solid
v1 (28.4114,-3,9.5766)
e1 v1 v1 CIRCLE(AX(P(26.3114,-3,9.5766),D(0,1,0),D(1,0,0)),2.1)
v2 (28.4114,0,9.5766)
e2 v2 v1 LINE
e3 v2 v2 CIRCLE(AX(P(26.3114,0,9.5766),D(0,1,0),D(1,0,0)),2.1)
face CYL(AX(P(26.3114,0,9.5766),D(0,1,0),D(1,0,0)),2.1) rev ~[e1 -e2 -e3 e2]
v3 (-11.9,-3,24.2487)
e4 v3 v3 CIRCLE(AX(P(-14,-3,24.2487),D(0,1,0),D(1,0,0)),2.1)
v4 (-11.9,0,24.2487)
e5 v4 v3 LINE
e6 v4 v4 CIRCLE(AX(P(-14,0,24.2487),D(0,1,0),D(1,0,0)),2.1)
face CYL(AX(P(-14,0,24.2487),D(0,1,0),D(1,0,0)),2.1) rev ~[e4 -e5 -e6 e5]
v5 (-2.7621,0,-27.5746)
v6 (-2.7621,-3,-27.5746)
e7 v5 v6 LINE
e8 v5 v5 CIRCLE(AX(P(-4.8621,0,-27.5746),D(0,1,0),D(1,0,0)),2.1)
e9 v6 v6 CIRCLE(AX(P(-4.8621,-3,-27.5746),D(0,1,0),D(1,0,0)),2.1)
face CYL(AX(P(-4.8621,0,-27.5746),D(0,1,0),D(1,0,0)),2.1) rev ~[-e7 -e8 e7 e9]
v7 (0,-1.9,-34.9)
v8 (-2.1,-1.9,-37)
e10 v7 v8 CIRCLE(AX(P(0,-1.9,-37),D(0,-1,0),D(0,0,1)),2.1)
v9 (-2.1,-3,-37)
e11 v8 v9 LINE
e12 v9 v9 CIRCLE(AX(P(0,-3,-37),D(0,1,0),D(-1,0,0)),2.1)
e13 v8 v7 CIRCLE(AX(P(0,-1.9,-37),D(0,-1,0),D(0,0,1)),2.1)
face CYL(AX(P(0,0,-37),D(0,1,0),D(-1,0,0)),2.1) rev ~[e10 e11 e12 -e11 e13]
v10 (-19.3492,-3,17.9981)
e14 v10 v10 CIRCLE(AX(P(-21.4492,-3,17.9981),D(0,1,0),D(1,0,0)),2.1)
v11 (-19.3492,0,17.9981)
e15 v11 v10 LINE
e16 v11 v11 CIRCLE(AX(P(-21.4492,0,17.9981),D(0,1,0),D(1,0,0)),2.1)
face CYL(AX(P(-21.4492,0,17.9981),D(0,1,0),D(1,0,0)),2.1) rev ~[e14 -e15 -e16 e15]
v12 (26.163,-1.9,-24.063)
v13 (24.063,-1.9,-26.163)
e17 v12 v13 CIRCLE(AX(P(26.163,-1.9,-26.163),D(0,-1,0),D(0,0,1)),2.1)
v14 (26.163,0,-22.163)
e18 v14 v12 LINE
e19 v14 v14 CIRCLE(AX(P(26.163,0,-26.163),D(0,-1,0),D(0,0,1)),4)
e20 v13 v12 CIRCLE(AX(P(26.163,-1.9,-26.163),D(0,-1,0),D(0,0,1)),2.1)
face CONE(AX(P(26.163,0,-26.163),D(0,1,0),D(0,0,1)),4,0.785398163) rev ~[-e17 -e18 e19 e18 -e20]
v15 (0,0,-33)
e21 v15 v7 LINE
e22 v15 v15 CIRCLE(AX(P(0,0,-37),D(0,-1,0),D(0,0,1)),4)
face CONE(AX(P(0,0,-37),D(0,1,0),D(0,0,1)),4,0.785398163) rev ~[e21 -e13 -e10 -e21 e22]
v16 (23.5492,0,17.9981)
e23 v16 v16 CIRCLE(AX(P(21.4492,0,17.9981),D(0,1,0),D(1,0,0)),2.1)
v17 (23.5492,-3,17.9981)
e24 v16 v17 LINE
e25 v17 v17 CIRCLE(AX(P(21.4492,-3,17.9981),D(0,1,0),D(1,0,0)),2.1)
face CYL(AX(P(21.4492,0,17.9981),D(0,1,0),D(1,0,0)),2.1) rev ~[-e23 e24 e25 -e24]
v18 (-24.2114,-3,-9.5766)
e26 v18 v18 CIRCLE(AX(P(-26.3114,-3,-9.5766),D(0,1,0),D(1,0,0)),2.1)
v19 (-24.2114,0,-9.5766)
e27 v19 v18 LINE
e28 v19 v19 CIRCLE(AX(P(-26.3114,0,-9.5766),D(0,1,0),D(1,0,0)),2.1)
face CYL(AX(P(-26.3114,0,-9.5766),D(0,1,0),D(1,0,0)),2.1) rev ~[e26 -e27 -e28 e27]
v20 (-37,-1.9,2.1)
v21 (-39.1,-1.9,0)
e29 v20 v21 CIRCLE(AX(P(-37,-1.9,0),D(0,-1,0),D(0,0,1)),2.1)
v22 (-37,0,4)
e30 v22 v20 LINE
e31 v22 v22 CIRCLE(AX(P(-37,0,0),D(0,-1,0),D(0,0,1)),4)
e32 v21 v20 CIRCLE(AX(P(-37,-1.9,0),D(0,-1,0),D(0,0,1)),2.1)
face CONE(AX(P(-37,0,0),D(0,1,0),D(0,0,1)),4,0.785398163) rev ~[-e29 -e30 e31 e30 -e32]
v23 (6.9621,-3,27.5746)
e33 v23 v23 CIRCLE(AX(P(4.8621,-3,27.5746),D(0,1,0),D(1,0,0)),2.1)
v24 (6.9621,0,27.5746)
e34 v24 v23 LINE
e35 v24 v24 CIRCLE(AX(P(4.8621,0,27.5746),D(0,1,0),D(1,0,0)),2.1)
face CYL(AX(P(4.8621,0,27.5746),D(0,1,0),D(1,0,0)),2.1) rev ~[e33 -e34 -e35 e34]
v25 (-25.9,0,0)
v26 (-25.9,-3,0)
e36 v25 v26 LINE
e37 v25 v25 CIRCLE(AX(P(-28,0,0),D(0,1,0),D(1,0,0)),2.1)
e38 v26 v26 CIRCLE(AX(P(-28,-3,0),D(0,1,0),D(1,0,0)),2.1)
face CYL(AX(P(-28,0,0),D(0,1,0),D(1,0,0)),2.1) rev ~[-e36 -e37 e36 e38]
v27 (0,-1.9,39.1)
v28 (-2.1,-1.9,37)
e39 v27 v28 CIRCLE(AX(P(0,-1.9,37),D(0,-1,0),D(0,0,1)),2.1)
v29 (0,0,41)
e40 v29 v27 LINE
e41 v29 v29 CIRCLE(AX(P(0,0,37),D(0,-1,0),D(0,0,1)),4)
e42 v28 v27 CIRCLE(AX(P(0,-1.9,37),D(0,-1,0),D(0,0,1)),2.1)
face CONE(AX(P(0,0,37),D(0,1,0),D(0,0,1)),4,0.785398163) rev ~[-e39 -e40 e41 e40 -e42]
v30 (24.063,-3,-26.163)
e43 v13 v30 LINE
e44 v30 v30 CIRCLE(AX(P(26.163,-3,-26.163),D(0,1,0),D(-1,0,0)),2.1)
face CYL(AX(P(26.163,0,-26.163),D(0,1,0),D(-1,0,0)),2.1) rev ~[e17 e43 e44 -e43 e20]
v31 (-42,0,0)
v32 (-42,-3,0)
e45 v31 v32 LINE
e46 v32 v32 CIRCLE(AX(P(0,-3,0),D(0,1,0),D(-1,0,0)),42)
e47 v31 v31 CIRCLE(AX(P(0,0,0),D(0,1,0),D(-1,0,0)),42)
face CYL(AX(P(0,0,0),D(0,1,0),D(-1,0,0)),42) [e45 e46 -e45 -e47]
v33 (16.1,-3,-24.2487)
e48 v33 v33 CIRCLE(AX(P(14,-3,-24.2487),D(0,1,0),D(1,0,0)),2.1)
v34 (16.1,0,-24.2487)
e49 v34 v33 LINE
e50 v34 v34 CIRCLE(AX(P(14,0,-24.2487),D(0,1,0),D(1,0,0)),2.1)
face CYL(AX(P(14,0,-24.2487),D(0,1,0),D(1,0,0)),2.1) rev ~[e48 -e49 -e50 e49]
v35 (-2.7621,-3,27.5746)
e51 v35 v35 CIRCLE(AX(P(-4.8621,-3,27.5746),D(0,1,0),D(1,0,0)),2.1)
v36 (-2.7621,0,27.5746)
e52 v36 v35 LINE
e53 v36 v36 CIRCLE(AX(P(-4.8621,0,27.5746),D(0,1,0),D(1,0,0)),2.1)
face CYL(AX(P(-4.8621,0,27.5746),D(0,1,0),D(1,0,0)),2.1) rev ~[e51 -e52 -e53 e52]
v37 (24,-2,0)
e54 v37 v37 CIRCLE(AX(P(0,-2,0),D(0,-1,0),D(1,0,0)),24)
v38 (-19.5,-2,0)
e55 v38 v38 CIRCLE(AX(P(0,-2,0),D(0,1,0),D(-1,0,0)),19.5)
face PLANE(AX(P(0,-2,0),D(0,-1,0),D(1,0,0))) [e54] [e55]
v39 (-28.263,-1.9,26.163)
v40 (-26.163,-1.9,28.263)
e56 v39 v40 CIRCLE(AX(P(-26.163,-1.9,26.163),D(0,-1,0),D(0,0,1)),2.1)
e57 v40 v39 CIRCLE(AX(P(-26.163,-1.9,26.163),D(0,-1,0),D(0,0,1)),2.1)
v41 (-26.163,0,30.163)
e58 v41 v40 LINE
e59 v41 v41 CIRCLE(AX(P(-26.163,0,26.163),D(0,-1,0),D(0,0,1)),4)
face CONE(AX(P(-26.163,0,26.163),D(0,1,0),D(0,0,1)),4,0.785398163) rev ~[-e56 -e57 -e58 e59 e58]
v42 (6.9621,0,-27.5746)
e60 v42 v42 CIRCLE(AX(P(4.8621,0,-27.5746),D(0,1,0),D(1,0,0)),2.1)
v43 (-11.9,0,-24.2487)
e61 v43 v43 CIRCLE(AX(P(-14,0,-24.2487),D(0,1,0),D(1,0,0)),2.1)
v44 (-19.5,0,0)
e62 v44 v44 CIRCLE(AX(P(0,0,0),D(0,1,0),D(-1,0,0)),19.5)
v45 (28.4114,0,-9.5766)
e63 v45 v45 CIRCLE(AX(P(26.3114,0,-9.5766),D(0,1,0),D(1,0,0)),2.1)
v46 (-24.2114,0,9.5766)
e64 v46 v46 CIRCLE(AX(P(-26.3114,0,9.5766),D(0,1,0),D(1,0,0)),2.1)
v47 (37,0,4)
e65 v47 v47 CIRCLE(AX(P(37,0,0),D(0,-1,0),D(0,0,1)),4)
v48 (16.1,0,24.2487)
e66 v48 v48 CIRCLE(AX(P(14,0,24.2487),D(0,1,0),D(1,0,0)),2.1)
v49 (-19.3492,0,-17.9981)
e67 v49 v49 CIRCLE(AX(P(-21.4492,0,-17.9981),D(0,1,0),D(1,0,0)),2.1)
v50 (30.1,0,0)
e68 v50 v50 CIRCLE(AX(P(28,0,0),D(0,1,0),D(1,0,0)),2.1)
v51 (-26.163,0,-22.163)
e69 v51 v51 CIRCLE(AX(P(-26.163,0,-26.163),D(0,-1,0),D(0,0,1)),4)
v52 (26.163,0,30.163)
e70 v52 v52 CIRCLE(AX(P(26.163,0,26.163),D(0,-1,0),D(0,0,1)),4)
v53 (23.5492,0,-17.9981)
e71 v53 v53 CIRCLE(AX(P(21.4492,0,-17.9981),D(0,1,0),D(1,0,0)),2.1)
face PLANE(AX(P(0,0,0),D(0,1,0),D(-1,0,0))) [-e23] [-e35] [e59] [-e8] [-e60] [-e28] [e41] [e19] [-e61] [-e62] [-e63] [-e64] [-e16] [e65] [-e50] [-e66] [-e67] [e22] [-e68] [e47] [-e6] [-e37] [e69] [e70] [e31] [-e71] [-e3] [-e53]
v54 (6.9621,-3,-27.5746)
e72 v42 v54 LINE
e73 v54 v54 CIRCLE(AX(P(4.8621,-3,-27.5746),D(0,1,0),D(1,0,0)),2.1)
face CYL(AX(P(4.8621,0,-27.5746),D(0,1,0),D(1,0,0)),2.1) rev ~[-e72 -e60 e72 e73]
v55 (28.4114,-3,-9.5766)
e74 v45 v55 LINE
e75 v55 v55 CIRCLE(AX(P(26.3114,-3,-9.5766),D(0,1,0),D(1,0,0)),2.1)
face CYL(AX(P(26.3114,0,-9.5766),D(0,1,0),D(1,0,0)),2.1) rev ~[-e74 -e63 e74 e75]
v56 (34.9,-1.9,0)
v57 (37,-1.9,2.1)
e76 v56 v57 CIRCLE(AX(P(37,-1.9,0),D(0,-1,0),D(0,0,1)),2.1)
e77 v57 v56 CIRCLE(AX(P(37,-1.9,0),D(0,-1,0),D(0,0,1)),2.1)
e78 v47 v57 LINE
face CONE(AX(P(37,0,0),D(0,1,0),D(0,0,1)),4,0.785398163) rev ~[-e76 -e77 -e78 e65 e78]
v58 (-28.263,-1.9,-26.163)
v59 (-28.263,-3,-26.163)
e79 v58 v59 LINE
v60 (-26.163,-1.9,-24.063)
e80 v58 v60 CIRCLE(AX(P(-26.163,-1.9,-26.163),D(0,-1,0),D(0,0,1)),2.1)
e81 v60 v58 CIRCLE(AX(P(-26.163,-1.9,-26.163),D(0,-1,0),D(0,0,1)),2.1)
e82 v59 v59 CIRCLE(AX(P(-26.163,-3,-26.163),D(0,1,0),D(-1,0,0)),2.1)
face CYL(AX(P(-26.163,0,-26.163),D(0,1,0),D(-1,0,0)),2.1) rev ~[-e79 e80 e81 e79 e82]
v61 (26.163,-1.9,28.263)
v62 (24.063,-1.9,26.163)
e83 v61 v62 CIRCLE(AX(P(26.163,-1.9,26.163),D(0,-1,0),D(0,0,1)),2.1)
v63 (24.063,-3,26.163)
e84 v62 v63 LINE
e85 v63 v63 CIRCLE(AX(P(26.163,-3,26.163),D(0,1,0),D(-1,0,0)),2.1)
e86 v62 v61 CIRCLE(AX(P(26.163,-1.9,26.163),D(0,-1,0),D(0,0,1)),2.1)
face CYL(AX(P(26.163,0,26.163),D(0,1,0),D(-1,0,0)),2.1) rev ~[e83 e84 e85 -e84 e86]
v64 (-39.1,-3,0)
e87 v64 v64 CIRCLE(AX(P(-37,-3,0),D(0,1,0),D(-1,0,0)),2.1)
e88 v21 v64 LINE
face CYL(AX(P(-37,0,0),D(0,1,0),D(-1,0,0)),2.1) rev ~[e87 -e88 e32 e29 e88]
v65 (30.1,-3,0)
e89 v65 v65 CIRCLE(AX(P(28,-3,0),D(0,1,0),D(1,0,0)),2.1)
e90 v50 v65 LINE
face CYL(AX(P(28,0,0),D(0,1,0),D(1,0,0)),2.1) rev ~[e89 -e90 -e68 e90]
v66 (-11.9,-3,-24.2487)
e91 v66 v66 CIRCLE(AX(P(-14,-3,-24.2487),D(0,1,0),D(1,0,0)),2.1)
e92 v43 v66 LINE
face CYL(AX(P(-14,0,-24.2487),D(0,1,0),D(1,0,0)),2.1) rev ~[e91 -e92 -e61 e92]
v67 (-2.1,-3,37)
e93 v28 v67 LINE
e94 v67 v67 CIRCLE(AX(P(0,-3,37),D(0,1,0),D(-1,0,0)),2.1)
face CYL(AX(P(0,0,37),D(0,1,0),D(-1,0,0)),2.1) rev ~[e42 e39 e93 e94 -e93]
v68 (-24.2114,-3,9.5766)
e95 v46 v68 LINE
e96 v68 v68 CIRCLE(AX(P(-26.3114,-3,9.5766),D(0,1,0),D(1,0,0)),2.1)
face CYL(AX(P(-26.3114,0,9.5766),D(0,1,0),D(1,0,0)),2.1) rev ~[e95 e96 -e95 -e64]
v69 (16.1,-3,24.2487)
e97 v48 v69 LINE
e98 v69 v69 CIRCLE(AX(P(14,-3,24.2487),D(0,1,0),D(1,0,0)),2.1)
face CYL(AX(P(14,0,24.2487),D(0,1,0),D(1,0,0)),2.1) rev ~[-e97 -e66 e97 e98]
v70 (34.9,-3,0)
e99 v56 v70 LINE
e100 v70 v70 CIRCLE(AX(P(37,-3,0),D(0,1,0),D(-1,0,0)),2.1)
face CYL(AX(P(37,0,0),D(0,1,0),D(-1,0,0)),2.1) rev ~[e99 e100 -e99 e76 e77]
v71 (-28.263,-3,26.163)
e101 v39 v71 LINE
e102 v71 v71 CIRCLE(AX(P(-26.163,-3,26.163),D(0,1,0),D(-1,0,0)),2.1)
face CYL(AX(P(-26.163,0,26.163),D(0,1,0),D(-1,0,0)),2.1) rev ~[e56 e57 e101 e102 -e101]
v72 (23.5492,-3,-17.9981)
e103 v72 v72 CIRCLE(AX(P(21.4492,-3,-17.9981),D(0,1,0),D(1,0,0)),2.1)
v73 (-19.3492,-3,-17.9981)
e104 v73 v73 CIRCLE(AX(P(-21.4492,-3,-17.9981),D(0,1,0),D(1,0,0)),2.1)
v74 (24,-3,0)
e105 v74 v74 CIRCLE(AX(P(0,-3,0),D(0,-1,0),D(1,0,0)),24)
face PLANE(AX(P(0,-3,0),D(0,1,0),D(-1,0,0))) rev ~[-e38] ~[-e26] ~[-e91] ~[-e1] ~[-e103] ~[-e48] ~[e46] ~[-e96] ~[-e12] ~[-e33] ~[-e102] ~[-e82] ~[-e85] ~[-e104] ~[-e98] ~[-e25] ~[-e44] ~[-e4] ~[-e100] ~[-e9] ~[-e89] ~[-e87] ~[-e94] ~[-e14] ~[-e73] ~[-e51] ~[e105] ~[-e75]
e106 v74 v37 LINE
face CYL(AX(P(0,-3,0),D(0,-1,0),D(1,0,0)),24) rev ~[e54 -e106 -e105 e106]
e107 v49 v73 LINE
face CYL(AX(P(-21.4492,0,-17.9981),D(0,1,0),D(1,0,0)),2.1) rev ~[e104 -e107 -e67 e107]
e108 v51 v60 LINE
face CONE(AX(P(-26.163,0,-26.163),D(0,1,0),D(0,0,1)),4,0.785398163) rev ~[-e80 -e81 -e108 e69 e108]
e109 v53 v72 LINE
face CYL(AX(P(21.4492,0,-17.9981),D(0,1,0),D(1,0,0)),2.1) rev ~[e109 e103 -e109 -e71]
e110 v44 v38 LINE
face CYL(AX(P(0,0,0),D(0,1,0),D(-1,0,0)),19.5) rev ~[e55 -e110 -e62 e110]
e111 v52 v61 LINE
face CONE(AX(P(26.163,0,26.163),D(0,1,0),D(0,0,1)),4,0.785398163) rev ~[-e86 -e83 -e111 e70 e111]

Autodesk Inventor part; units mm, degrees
ref_plane "YZ Plane" through (0, 0, 0) normal (1, 0, 0) x (0, 1, 0)
ref_plane "XZ Plane" through (0, 0, 0) normal (0, 1, 0) x (-1, 0, 0)
ref_plane "XY Plane" through (0, 0, 0) normal (0, 0, 1) x (1, 0, 0)
sketch "Sketch1" plane through (0, 0, 0) normal (0, 1, 0) x (-1, 0, 0)
  circle A0 centre (0, 0) radius 42
  circle A1 centre (0, 0) radius 19.5
  circle A2 centre (0, -37) radius 2.1
  circle A3 centre (26.163, -26.163) radius 2.1
  circle A4 centre (37, 0) radius 2.1
  circle A5 centre (26.163, 26.163) radius 2.1
  circle A6 centre (0, 37) radius 2.1
  circle A7 centre (-26.163, 26.163) radius 2.1
  circle A8 centre (-37, 0) radius 2.1
  circle A9 centre (-26.163, -26.163) radius 2.1
  dimension "d0" = 84
  dimension "d1" = 39
  dimension "d2" = 4.2
  dimension "d3" = 37
  dimension "d6" = 360
extrude "Extrusion1" add sketch "Sketch1" against normal blind 3
sketch "Sketch2" plane through (0, -3, 0) normal (0, -1, 0) x (1, 0, 0)
  circle A0 centre (0, 0) radius 24
  dimension "d10" = 48
extrude "Extrusion2" cut sketch "Sketch2" against normal blind 1
hole "Hole1" at (37, 0, 0) at (26.163, 0, 26.163) at (0, 0, 37) at (-26.163, 0, 26.163) at (-37, 0, 0) at (-26.163, 0, -26.163) at (0, 0, -37) at (26.163, 0, -26.163) direction (0, -1, 0) diameter 4.2 end through all countersink diameter 8 countersink angle 90
sketch "Sketch3" plane through (0, 0, 0) normal (0, 1, 0) x (1, 0, 0)
  circle A0 centre (-4.8621, -27.5746) radius 2.1
  circle A1 centre (4.8621, -27.5746) radius 2.1
  circle A2 centre (14, -24.2487) radius 2.1
  circle A3 centre (21.4492, -17.9981) radius 2.1
  circle A4 centre (26.3114, -9.5766) radius 2.1
  circle A5 centre (28, 0) radius 2.1
  circle A6 centre (26.3114, 9.5766) radius 2.1
  circle A7 centre (21.4492, 17.9981) radius 2.1
  circle A8 centre (14, 24.2487) radius 2.1
  circle A9 centre (4.8621, 27.5746) radius 2.1
  circle A10 centre (-4.8621, 27.5746) radius 2.1
  circle A11 centre (-14, 24.2487) radius 2.1
  circle A12 centre (-21.4492, 17.9981) radius 2.1
  circle A13 centre (-26.3114, 9.5766) radius 2.1
  circle A14 centre (-28, 0) radius 2.1
  circle A15 centre (-26.3114, -9.5766) radius 2.1
  circle A16 centre (-21.4492, -17.9981) radius 2.1
  circle A17 centre (-14, -24.2487) radius 2.1
  line L0 (0, 0) -> (-4.8621, -27.5746) construction
  line L1 (0, 0) -> (0, -11.0753) construction
  dimension "d20" = 4.2
  dimension "d21" = 28
  dimension "d24" = 360
  dimension "d64" = 10
extrude "Extrusion3" cut sketch "Sketch3" against normal through all
thread "Thread1" size "M4.5x0.75" class "6H" standard "ANSI Metric M Profile" full length
thread "Thread2" size "M4.5x0.75" class "6H" standard "ANSI Metric M Profile" full length
thread "Thread3" size "M4.5x0.75" class "6H" standard "ANSI Metric M Profile" full length
thread "Thread4" size "M4.5x0.75" class "6H" standard "ANSI Metric M Profile" full length
thread "Thread5" size "M4.5x0.75" class "6H" standard "ANSI Metric M Profile" full length
thread "Thread6" size "M4.5x0.75" class "6H" standard "ANSI Metric M Profile" full length
thread "Thread7" size "M4.5x0.75" class "6H" standard "ANSI Metric M Profile" full length
thread "Thread8" size "M4.5x0.75" class "6H" standard "ANSI Metric M Profile" full length
thread "Thread9" size "M4.5x0.75" class "6H" standard "ANSI Metric M Profile" full length
thread "Thread10" size "M4.5x0.75" class "6H" standard "ANSI Metric M Profile" full length
thread "Thread11" size "M4.5x0.75" class "6H" standard "ANSI Metric M Profile" full length
thread "Thread12" size "M4.5x0.75" class "6H" standard "ANSI Metric M Profile" full length
thread "Thread13" size "M4.5x0.75" class "6H" standard "ANSI Metric M Profile" full length
thread "Thread14" size "M4.5x0.75" class "6H" standard "ANSI Metric M Profile" full length
thread "Thread15" size "M4.5x0.75" class "6H" standard "ANSI Metric M Profile" full length
thread "Thread16" size "M4.5x0.75" class "6H" standard "ANSI Metric M Profile" full length
thread "Thread17" size "M4.5x0.75" class "6H" standard "ANSI Metric M Profile" full length
thread "Thread18" size "M4.5x0.75" class "6H" standard "ANSI Metric M Profile" full length
properties part number "HousingLid"
